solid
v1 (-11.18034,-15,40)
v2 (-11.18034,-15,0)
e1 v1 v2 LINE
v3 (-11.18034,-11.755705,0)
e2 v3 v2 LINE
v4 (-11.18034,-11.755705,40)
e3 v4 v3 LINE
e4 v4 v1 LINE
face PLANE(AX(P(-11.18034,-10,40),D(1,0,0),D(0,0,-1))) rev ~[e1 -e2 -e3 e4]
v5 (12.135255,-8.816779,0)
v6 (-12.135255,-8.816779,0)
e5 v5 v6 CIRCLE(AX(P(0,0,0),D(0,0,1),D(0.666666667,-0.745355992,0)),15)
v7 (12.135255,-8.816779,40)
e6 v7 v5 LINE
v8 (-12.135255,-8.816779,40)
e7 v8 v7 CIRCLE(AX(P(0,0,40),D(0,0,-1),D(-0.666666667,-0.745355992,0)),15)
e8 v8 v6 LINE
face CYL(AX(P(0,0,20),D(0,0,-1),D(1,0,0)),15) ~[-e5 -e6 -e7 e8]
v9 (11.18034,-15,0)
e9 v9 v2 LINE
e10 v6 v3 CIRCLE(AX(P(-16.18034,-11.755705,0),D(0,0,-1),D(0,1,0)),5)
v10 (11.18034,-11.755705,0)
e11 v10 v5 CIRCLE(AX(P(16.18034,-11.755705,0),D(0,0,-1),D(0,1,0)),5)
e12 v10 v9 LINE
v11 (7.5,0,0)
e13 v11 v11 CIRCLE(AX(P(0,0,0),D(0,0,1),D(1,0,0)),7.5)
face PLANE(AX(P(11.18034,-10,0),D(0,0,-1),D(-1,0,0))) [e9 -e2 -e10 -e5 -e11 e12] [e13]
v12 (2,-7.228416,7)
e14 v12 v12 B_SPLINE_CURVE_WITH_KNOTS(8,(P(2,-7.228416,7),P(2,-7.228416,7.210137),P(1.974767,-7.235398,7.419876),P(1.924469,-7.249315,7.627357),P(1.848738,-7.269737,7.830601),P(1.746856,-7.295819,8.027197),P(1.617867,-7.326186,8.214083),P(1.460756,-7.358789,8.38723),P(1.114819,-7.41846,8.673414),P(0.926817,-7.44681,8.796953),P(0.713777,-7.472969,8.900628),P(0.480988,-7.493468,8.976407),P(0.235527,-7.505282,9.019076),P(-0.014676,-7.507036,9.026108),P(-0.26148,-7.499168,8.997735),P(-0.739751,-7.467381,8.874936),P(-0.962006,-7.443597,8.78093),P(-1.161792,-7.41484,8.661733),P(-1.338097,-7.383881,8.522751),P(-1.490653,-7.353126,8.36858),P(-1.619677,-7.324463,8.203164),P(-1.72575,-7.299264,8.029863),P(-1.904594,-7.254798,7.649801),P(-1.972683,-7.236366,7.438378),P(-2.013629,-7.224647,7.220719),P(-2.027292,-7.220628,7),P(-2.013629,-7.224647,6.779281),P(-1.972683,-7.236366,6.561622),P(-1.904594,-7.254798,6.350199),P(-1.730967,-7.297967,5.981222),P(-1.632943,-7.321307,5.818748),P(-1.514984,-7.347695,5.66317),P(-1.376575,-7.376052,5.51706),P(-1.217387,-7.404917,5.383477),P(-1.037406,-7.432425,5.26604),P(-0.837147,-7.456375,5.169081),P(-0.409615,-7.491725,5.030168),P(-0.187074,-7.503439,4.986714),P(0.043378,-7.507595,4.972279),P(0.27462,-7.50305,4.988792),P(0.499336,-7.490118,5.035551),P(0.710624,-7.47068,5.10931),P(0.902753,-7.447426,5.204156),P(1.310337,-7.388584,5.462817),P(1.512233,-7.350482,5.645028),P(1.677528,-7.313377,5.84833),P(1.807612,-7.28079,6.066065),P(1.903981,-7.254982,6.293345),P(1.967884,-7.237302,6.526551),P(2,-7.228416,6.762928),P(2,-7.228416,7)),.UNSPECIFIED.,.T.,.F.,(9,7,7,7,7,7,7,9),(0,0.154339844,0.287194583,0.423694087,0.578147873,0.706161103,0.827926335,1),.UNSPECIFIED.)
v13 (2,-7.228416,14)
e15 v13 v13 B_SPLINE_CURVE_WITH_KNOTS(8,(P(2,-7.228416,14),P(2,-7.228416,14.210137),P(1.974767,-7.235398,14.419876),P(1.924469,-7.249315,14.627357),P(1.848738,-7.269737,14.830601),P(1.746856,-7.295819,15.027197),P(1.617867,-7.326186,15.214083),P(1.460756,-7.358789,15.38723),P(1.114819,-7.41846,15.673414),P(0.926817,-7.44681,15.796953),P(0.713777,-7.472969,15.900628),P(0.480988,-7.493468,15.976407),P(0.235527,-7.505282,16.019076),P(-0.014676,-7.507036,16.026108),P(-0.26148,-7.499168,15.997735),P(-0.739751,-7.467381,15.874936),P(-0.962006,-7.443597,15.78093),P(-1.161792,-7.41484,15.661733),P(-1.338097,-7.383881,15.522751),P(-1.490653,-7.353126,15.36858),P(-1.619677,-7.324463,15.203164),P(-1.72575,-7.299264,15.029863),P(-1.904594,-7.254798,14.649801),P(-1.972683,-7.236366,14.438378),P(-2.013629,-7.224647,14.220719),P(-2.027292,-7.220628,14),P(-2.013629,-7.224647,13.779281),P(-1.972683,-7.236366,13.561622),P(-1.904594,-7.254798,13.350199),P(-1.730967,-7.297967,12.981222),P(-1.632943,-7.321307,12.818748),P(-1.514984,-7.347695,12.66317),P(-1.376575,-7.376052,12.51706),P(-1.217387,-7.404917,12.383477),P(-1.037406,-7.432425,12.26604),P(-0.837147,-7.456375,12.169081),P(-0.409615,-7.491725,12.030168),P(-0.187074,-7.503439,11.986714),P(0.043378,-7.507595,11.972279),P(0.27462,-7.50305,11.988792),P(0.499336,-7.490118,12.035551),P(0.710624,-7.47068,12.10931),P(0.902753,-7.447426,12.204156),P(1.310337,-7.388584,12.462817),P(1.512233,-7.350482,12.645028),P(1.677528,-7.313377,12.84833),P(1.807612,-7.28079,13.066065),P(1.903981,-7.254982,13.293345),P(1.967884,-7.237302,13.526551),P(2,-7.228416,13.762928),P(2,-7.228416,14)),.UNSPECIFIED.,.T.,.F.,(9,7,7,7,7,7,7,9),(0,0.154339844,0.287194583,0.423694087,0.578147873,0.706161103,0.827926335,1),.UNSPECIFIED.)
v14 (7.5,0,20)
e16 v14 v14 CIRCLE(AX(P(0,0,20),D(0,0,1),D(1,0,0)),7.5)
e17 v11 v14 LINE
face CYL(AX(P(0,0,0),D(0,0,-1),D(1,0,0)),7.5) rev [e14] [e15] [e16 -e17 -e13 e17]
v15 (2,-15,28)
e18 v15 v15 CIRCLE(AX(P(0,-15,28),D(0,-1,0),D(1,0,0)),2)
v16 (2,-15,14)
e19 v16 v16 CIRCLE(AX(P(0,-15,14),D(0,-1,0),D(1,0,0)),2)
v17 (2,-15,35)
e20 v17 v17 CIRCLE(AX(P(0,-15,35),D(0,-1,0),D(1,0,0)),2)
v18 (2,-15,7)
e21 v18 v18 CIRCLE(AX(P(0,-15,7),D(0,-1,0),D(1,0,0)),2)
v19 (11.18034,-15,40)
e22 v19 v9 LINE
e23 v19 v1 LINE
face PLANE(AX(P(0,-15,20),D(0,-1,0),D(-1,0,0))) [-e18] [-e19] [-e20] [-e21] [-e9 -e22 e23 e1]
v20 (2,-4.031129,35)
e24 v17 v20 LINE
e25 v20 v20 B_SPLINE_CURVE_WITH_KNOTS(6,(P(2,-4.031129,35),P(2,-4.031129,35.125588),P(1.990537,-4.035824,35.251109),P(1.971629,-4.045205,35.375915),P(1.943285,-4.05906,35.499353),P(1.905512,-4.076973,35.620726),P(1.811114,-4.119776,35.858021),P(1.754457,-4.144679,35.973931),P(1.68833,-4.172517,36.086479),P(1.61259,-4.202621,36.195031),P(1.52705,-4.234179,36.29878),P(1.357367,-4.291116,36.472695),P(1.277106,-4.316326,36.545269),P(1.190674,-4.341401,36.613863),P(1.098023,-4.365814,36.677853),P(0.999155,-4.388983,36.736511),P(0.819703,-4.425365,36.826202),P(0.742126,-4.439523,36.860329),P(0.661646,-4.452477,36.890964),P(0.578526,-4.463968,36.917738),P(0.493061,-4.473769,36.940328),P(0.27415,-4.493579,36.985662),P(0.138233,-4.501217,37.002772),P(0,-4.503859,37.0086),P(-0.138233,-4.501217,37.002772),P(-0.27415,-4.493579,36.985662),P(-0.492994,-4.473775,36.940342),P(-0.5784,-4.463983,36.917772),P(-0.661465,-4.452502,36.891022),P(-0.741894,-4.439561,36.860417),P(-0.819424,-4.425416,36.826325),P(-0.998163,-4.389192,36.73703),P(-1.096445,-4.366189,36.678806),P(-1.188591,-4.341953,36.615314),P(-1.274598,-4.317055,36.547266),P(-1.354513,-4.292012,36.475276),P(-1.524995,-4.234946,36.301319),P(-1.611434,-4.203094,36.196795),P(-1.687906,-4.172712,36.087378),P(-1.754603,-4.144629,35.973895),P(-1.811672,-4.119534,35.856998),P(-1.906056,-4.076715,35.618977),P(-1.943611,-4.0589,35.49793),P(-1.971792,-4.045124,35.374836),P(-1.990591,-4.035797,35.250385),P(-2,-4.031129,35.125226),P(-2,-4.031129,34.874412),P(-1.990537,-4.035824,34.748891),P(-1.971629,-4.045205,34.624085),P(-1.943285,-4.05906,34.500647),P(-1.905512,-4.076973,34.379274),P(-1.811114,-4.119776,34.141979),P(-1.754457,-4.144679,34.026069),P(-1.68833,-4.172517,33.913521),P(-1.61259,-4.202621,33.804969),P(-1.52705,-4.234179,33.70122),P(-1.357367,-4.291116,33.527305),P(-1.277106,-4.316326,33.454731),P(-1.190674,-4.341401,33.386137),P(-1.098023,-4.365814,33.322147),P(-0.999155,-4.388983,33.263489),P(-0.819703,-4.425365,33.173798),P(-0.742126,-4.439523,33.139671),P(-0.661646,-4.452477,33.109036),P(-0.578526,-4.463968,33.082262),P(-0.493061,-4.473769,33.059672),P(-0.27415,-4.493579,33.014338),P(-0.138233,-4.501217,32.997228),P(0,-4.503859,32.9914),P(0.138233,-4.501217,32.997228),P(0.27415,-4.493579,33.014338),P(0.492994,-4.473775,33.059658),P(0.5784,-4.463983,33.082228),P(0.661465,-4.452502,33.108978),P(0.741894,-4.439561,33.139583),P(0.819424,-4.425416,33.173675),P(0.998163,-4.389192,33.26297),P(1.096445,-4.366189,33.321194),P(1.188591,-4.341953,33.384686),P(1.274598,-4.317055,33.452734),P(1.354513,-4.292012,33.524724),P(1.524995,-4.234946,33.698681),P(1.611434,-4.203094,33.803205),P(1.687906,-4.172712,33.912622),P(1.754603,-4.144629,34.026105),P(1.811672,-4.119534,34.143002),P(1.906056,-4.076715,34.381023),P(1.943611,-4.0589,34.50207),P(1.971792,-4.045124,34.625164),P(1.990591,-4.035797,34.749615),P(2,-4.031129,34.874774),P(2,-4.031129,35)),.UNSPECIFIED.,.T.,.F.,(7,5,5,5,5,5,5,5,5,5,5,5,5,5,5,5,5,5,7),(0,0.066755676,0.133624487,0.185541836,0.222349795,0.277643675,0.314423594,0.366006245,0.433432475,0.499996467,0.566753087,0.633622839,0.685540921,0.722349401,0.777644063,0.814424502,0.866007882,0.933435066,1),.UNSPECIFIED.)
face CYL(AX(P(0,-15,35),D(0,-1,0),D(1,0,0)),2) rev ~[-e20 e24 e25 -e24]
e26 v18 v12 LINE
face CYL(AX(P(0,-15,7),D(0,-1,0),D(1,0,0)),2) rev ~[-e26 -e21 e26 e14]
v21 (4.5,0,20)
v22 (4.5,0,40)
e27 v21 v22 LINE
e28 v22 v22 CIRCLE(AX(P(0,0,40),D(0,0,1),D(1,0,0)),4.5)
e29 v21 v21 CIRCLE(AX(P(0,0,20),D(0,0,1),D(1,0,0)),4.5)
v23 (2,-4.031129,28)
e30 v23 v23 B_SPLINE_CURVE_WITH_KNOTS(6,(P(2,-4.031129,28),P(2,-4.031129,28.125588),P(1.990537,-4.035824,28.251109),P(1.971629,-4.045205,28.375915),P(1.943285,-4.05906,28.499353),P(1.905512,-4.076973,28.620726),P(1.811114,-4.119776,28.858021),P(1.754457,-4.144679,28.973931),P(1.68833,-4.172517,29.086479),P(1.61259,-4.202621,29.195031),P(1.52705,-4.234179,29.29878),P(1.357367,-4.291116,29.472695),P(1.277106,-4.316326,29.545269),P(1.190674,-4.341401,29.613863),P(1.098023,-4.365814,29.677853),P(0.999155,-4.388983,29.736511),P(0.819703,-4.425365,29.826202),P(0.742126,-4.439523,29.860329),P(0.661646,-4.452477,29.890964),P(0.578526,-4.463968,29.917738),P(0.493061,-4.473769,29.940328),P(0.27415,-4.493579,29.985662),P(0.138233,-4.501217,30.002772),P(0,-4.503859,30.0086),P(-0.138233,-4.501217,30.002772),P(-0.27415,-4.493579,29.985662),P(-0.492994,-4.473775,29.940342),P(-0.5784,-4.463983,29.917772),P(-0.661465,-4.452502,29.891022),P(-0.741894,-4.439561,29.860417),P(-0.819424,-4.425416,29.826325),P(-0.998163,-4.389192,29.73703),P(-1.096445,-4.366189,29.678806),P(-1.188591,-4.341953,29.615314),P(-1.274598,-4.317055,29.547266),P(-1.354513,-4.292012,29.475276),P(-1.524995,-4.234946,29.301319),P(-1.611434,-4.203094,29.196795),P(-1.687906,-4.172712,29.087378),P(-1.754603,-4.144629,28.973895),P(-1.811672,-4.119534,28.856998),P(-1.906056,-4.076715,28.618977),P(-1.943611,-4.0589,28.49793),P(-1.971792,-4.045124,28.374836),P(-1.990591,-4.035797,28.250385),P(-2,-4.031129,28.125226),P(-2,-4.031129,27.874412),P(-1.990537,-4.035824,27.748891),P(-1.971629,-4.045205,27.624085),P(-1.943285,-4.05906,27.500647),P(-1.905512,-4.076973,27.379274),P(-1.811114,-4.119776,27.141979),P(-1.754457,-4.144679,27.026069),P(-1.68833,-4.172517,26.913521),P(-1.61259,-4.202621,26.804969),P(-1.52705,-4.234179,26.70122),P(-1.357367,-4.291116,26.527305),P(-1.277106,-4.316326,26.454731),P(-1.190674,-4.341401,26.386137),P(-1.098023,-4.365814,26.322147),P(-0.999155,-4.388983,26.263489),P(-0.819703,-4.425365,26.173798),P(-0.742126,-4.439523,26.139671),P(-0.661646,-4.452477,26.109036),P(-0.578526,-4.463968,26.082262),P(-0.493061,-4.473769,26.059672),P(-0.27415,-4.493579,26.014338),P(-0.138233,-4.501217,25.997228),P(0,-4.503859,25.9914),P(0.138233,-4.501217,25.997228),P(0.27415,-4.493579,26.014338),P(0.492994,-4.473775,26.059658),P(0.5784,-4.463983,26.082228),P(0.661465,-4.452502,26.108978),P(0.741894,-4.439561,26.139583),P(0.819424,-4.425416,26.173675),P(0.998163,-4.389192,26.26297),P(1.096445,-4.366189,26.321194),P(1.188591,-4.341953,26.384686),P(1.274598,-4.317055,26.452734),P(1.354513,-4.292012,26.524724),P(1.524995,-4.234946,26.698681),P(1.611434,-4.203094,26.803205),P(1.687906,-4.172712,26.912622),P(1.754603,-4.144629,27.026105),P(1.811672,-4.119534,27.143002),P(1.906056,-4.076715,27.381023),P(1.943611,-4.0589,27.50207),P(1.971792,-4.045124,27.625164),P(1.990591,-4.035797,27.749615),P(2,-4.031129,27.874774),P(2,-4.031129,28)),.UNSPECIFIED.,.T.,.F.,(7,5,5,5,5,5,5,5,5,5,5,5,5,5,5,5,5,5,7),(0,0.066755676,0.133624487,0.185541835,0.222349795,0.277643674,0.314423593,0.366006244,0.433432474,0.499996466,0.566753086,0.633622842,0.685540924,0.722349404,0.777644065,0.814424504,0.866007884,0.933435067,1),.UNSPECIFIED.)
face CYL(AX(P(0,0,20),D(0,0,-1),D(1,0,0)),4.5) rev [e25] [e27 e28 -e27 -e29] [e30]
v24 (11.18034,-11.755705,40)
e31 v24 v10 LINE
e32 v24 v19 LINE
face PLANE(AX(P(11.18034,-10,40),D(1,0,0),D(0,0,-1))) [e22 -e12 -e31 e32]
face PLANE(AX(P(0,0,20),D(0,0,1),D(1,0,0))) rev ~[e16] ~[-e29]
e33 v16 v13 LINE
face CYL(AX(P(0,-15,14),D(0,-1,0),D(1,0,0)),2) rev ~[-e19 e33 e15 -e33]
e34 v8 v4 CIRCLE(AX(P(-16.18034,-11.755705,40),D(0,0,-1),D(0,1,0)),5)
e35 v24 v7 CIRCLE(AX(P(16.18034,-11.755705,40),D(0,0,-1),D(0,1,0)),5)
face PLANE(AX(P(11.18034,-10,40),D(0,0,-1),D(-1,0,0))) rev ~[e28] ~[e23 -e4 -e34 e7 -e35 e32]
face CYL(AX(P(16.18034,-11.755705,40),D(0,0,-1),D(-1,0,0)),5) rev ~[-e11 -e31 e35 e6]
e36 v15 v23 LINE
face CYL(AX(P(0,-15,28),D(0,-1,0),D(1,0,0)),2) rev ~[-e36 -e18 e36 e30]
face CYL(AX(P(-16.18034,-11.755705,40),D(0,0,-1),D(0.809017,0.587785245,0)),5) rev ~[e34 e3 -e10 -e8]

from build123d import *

# Parameters (mm, degrees)
SKETCH_R          = 15
SKETCH_R_2        = 7.5
PAD_DEPTH         = 20
SKETCH001_R       = 15
SKETCH001_R_2     = 4.5
PAD001_DEPTH      = 20
SKETCH002_W       = 20
SKETCH002_H       = 7
POCKET_DEPTH      = 40
POCKET_FACE2_W    = 1.18034
POCKET_FACE2_H    = 40
POCKET001_DEPTH   = 5
POCKET001_FACE2_W = 1.18034
POCKET001_FACE2_H = 40
POCKET002_DEPTH   = 5
POCKET002_FACE7_W = 22.36068
POCKET002_FACE7_H = 40
PAD002_DEPTH      = 5
FILLET_R          = 5
SKETCH003_R       = 2
POCKET003_DEPTH   = 13


with BuildPart() as part:
    # Sketch → Pad (new body)
    with BuildSketch(Plane.XY):
        Circle(SKETCH_R)
        Circle(SKETCH_R_2, mode=Mode.SUBTRACT)
    extrude(amount=PAD_DEPTH)

    # Sketch001 (on Face4 of Pad) → Pad001 (join)
    with BuildSketch(Plane.XY.offset(20)):
        Circle(SKETCH001_R)
        Circle(SKETCH001_R_2, mode=Mode.SUBTRACT)
    extrude(amount=PAD001_DEPTH)

    # Sketch002 (on Face1 of Pad001) → Pocket (cut)
    with BuildSketch(Plane(origin=(0, 0, 0), x_dir=(1, 0, 0), z_dir=(0, 0, -1))):
        with Locations((0, 13.5)):
            Rectangle(SKETCH002_W, SKETCH002_H)
    extrude(amount=-POCKET_DEPTH, mode=Mode.SUBTRACT)

    # Pocket Face2 → Pocket001 (cut)
    with BuildSketch(Plane(origin=(10, -10.59017, 20), x_dir=(0, 1, 0), z_dir=(-1, 0, 0))):
        Rectangle(POCKET_FACE2_W, POCKET_FACE2_H)
    extrude(amount=-POCKET001_DEPTH, mode=Mode.SUBTRACT)

    # Pocket001 Face2 → Pocket002 (cut)
    with BuildSketch(Plane(origin=(-10, -10.59017, 20), x_dir=(0, -1, 0), z_dir=(1, 0, 0))):
        Rectangle(POCKET001_FACE2_W, POCKET001_FACE2_H)
    extrude(amount=-POCKET002_DEPTH, mode=Mode.SUBTRACT)

    # Pocket002 Face7 → Pad002 (add)
    with BuildSketch(Plane(origin=(0, -10, 20), x_dir=(-1, 0, 0), z_dir=(0, -1, 0))):
        Rectangle(POCKET002_FACE7_W, POCKET002_FACE7_H)
    extrude(amount=PAD002_DEPTH)

    # Fillet
    fillet_edges = [part.edges().sort_by_distance(p)[0] for p in [
        (11.18034, -10, 20),
        (-11.18034, -10, 20),
    ]]
    fillet(fillet_edges, radius=FILLET_R)

    # Sketch003 (on Face7 of Fillet) → Pocket003 (cut)
    with BuildSketch(Plane.XZ.offset(15)):
        with Locations((0, 35)):
            Circle(SKETCH003_R)
        with Locations((0, 14)):
            Circle(SKETCH003_R)
        with Locations((0, 28)):
            Circle(SKETCH003_R)
        with Locations((0, 7)):
            Circle(SKETCH003_R)
    extrude(amount=-POCKET003_DEPTH, mode=Mode.SUBTRACT)


solid = part.part
